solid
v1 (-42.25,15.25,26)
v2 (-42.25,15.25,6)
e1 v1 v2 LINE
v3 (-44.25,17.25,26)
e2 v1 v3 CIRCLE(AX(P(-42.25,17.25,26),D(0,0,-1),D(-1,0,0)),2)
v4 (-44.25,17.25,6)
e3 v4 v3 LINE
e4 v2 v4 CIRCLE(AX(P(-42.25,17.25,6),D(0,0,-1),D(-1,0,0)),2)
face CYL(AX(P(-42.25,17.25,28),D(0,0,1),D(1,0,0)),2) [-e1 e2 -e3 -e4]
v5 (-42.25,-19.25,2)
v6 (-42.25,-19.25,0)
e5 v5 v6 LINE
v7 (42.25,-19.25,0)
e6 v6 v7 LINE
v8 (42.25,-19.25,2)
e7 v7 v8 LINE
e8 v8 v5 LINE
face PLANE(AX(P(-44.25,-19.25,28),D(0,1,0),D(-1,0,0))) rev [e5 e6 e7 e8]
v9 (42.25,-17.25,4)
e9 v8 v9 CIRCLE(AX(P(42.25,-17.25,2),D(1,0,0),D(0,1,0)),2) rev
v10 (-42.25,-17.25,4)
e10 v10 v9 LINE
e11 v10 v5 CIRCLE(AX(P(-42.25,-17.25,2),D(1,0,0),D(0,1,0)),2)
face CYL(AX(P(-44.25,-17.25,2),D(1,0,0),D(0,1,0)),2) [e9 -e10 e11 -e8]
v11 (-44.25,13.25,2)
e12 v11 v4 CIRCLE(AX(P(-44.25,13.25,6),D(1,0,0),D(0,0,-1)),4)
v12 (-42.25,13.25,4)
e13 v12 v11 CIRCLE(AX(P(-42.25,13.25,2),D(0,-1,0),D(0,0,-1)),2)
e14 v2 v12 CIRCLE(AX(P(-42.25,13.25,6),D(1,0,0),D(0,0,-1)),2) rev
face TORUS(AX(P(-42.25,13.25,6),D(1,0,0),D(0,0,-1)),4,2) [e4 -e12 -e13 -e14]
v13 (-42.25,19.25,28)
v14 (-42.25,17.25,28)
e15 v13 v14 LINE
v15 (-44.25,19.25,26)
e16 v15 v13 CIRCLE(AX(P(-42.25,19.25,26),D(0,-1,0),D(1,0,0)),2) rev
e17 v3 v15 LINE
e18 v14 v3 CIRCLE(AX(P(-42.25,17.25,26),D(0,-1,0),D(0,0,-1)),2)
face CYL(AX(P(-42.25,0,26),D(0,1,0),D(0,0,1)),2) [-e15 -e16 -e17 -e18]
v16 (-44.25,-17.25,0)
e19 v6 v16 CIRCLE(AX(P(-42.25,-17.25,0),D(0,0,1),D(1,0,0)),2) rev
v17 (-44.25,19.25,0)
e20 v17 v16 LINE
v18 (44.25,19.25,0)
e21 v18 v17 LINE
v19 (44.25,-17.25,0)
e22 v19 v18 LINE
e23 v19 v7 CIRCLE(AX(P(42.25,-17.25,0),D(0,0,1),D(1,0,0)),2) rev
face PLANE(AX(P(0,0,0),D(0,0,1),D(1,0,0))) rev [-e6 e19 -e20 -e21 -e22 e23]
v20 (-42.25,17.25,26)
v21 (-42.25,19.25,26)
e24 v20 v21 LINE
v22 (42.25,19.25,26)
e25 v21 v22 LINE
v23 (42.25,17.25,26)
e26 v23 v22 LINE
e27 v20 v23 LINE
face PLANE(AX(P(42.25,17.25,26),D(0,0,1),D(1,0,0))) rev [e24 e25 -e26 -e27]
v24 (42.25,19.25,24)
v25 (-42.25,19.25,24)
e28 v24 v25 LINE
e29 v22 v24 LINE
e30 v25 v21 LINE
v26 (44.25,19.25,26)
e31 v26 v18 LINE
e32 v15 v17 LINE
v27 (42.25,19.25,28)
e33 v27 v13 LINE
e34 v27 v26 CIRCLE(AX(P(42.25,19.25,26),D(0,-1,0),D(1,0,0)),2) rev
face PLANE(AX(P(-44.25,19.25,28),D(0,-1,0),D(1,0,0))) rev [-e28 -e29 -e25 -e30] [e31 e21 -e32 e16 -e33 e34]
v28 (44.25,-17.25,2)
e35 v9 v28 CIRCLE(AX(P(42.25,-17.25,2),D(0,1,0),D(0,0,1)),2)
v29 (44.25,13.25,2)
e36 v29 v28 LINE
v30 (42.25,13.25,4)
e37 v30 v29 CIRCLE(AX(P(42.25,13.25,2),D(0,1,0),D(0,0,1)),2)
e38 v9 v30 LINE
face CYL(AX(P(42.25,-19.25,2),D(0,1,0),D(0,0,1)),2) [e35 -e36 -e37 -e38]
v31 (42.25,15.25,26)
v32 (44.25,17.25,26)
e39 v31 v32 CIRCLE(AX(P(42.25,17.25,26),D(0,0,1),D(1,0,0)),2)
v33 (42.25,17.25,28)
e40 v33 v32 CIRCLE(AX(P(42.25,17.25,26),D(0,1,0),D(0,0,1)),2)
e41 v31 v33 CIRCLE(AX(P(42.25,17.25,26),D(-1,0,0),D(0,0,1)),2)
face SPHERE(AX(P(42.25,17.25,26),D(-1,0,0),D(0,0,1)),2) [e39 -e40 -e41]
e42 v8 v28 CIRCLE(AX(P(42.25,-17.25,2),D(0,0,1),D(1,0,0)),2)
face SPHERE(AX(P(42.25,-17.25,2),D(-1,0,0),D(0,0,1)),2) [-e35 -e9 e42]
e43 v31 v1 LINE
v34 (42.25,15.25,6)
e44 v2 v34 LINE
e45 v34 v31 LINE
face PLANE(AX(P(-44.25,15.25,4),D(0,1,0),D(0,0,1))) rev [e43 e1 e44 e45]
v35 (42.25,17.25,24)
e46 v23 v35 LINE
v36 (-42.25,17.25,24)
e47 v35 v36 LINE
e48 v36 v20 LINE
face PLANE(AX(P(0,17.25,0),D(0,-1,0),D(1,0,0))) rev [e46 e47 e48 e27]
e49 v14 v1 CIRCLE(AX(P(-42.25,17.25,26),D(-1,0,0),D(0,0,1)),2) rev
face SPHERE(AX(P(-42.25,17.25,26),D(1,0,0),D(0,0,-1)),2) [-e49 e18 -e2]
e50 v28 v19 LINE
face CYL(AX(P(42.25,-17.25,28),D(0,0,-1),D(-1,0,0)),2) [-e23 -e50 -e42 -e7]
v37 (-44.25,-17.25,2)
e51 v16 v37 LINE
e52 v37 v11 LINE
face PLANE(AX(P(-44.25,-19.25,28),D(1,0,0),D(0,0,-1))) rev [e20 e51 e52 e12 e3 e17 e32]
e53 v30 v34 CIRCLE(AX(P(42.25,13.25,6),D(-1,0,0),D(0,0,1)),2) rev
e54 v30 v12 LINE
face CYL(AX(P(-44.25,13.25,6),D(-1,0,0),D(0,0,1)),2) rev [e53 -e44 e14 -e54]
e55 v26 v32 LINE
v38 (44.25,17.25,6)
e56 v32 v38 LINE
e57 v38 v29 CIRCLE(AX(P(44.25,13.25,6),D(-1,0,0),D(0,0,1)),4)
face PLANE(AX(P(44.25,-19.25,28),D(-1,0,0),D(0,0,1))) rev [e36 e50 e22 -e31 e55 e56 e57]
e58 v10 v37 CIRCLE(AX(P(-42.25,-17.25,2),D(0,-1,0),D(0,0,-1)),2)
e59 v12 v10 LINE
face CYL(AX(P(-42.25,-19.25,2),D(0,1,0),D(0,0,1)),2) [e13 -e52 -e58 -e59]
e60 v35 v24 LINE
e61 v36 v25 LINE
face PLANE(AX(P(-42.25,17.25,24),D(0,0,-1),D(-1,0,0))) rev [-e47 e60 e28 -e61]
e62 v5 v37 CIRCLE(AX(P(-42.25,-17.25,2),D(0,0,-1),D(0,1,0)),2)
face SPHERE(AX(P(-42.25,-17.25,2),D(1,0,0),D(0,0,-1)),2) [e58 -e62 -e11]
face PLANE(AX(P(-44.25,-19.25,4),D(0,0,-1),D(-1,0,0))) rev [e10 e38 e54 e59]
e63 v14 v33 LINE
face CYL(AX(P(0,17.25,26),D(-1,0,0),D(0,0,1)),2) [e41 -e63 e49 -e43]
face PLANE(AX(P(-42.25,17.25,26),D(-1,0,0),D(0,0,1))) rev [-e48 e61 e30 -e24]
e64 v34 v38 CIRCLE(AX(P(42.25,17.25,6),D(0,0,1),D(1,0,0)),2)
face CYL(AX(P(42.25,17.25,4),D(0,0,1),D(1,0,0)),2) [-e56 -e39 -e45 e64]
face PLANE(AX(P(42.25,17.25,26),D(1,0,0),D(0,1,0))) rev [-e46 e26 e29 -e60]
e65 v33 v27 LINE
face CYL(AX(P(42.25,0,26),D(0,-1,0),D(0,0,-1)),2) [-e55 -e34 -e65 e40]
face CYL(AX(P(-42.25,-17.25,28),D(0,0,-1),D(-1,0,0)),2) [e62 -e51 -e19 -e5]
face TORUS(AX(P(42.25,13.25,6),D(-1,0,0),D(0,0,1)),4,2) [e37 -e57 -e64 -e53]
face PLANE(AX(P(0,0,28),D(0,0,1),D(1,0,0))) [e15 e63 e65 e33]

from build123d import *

# Parameters (mm, degrees)
SKETCH1_W           = 38.5
SKETCH1_H           = 88.5
BOSS_EXTRUDE1_DEPTH = 28
SKETCH2_W           = 34.5
SKETCH2_H           = 24
CUT_EXTRUDE1_DEPTH  = 88.5
FILLET1_R           = 2
FILLET2_R           = 2
FILLET3_R           = 2
FILLET4_R           = 2
FILLET5_R           = 2
SKETCH3_W           = 84.5
SKETCH3_H           = 2
CUT_EXTRUDE2_DEPTH  = 2


with BuildPart() as part:
    # Sketch1 → Boss-Extrude1 (new body)
    with BuildSketch(Plane(origin=(0, 0, 0), x_dir=(0, 1, 0), z_dir=(0, 0, 1))):
        Rectangle(SKETCH1_W, SKETCH1_H)
    extrude(amount=BOSS_EXTRUDE1_DEPTH)

    # Sketch2 → Cut-Extrude1 (cut)
    with BuildSketch(Plane.YZ.offset(44.25)):
        with Locations((-2, 16)):
            Rectangle(SKETCH2_W, SKETCH2_H)
    extrude(amount=-CUT_EXTRUDE1_DEPTH, mode=Mode.SUBTRACT)

    # Fillet1
    fillet1_edges = [part.edges().sort_by_distance(p)[0] for p in [
        (0, 15.25, 4),
    ]]
    fillet(fillet1_edges, radius=FILLET1_R)

    # Fillet2
    fillet2_edges = [part.edges().sort_by_distance(p)[0] for p in [
        (0, 15.25, 28),
    ]]
    fillet(fillet2_edges, radius=FILLET2_R)

    # Fillet3
    fillet3_edges = [part.edges().sort_by_distance(p)[0] for p in [
        (0, -19.25, 4),
    ]]
    fillet(fillet3_edges, radius=FILLET3_R)

    # Fillet4
    fillet4_edges = [part.edges().sort_by_distance(p)[0] for p in [
        (44.25, 15.25, 16),
        (44.25, 14.664213562, 4.585786438),
        (44.25, 18.25, 28),
        (44.25, 15.835786438, 27.414213562),
        (44.25, -2, 4),
        (44.25, -19.25, 1),
        (44.25, -18.664213562, 3.414213562),
    ]]
    fillet(fillet4_edges, radius=FILLET4_R)

    # Fillet5
    fillet5_edges = [part.edges().sort_by_distance(p)[0] for p in [
        (-44.25, 15.25, 16),
        (-44.25, 14.664213562, 4.585786438),
        (-44.25, 15.835786438, 27.414213562),
        (-44.25, -2, 4),
        (-44.25, -19.25, 1),
        (-44.25, -18.664213562, 3.414213562),
        (-44.25, 18.25, 28),
    ]]
    fillet(fillet5_edges, radius=FILLET5_R)

    # Sketch3 → Cut-Extrude2 (cut)
    with BuildSketch(Plane(origin=(0, 19.25, 0), x_dir=(-1, 0, 0), z_dir=(0, 1, 0))):
        with Locations((0, 25)):
            Rectangle(SKETCH3_W, SKETCH3_H)
    extrude(amount=-CUT_EXTRUDE2_DEPTH, mode=Mode.SUBTRACT)


solid = part.part
